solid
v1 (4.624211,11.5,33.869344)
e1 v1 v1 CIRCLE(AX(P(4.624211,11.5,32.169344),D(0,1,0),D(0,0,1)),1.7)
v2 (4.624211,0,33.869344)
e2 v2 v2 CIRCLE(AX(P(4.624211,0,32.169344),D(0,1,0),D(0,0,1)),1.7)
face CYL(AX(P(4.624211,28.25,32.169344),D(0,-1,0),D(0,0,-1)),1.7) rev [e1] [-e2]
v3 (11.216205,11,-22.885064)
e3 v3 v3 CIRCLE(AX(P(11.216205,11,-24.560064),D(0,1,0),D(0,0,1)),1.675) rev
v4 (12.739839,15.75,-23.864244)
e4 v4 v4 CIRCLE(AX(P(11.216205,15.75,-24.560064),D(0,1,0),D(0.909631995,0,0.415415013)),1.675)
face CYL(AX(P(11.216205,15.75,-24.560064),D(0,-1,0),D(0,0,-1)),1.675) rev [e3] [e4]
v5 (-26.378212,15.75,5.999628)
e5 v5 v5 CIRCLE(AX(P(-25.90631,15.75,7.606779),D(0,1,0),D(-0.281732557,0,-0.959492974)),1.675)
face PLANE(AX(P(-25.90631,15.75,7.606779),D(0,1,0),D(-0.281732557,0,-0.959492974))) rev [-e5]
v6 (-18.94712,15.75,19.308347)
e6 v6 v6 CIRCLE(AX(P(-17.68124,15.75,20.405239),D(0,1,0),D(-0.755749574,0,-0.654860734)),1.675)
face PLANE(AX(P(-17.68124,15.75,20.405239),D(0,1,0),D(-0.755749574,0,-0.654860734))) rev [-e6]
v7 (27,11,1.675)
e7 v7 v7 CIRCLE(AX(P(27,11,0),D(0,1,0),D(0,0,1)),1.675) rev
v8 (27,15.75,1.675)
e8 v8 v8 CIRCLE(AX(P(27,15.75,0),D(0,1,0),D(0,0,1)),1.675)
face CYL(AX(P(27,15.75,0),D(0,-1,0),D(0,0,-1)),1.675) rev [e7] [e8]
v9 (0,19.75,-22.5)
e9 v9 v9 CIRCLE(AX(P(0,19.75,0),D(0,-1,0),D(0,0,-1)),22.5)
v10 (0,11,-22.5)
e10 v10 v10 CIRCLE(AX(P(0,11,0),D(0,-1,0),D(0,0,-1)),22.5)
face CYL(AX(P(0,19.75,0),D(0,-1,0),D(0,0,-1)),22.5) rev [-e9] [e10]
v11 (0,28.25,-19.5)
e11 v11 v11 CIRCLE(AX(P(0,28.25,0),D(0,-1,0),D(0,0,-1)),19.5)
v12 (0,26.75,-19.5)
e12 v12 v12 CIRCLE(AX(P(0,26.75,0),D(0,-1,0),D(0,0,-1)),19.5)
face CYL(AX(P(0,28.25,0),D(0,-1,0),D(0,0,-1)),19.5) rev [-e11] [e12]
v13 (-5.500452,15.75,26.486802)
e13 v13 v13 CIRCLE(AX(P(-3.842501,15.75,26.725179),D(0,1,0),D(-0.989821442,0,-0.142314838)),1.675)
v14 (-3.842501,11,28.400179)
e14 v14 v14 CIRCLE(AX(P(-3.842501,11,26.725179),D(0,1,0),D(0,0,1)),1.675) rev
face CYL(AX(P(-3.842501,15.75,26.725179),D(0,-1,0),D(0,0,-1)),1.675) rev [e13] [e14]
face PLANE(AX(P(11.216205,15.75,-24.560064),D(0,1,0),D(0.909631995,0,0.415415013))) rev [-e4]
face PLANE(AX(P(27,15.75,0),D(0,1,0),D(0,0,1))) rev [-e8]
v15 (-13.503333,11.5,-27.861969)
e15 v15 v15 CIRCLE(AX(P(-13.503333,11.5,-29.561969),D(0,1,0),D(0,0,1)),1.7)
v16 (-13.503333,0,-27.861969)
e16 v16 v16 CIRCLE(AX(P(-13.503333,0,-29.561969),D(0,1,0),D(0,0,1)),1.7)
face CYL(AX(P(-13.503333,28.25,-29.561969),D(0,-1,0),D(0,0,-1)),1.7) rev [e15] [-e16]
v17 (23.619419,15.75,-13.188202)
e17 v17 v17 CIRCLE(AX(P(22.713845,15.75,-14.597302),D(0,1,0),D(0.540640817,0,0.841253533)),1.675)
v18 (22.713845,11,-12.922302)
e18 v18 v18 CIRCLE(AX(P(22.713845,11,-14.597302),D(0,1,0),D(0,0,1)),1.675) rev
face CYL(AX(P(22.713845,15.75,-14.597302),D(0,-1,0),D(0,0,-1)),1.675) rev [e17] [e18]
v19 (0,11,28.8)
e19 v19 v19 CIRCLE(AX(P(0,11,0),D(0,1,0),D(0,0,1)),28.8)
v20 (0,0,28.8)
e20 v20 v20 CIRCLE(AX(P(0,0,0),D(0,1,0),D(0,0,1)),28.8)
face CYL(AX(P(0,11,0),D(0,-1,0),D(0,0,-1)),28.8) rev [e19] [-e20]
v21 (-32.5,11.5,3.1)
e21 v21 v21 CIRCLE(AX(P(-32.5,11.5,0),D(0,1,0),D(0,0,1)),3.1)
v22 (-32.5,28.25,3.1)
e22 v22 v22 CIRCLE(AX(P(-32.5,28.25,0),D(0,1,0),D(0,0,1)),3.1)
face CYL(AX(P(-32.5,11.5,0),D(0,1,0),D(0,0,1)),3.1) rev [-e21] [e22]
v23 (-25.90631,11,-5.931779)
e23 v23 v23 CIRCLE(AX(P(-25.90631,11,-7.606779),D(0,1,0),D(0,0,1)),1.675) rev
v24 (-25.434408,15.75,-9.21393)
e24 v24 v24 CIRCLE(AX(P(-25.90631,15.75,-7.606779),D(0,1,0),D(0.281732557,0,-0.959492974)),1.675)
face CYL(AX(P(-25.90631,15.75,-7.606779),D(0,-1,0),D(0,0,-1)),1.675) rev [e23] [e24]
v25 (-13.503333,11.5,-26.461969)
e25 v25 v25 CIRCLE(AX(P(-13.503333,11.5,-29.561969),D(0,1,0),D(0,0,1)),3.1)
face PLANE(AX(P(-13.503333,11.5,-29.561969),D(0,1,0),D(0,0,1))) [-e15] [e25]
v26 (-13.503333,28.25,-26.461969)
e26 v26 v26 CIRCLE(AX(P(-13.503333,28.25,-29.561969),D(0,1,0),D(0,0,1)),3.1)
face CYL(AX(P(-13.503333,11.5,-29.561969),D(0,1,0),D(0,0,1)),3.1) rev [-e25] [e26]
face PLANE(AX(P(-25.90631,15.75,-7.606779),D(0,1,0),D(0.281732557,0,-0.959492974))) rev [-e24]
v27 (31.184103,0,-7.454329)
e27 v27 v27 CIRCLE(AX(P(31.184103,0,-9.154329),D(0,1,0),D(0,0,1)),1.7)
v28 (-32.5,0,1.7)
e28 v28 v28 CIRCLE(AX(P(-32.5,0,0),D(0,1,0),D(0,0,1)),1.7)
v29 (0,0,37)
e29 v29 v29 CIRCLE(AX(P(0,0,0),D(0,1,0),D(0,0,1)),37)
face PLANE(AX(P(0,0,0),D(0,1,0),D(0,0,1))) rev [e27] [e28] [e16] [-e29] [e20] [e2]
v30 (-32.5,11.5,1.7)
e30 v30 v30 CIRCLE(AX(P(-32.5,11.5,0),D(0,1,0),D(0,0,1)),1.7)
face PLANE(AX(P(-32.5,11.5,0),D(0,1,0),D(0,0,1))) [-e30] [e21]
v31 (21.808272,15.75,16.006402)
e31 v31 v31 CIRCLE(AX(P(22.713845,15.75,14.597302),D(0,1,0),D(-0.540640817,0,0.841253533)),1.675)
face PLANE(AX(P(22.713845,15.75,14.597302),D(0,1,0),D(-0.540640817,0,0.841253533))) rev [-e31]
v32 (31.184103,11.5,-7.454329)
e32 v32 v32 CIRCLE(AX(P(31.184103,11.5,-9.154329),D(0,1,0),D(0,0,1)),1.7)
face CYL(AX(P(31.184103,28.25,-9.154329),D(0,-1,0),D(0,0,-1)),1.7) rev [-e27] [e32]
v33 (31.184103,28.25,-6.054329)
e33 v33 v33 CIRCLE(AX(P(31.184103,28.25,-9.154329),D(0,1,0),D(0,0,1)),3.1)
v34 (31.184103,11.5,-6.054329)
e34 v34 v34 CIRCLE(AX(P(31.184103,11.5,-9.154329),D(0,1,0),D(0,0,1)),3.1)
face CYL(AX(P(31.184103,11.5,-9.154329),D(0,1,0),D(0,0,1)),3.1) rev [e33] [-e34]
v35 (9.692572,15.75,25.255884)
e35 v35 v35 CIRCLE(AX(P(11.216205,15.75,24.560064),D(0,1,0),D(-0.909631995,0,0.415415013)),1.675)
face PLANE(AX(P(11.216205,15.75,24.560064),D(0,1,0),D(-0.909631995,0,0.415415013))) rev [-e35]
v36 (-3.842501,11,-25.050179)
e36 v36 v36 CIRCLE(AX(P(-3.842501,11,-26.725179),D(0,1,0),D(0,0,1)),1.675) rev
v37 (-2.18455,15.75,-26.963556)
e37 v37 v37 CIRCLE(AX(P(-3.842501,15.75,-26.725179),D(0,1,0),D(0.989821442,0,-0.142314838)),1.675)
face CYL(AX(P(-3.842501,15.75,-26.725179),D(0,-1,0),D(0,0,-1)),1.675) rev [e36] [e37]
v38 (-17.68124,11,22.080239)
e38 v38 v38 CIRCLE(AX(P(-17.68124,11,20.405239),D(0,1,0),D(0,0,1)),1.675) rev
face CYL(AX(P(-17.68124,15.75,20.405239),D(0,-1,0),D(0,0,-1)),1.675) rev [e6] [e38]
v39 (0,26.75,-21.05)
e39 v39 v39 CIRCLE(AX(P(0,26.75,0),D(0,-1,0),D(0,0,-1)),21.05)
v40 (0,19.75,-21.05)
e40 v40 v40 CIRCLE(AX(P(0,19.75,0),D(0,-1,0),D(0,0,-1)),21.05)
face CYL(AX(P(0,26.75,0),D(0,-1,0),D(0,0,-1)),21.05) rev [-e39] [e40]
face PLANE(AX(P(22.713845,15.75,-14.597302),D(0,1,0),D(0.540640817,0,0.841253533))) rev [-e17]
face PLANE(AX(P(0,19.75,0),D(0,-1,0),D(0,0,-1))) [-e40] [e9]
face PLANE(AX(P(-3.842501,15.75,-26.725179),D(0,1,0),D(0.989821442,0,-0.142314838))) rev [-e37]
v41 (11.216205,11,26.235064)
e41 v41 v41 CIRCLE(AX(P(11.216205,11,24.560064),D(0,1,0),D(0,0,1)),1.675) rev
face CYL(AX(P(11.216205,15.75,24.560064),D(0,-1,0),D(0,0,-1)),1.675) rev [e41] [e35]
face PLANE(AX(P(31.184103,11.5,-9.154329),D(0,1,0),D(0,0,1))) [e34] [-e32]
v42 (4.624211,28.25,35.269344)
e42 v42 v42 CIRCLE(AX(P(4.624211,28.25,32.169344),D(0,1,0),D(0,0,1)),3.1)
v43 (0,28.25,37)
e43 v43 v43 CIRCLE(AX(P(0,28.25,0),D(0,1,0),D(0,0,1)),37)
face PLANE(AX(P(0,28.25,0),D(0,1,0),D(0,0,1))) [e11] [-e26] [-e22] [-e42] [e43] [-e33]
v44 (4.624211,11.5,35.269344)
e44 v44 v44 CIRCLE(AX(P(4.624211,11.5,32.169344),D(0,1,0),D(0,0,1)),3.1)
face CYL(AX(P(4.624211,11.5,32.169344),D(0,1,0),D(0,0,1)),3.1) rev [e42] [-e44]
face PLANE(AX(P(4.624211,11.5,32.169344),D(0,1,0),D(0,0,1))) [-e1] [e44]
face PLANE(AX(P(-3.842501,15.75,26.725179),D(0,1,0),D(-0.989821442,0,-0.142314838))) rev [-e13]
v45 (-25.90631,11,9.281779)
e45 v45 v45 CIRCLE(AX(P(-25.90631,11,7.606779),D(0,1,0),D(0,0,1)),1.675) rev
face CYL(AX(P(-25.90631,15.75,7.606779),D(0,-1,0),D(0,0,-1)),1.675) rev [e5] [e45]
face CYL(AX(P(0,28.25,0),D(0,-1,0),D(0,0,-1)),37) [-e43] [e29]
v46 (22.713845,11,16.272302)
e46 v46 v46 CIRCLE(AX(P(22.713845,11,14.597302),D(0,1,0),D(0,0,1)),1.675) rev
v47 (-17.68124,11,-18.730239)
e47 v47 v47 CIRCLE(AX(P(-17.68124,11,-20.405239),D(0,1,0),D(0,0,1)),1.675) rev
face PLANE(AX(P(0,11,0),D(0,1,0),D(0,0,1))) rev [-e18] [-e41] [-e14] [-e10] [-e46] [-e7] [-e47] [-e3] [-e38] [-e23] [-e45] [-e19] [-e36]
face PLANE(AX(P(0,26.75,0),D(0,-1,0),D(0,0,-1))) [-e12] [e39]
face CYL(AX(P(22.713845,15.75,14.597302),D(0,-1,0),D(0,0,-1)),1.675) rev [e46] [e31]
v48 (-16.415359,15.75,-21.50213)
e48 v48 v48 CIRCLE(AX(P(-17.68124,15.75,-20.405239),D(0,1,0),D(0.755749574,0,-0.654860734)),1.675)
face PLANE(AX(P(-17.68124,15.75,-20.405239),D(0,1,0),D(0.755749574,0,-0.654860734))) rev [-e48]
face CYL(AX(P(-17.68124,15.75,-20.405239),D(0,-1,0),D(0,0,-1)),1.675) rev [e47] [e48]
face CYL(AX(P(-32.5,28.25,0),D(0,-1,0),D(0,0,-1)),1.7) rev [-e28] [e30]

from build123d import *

# Parameters (mm, degrees)
SKETCH1_R           = 37
BOSS_EXTRUDE1_DEPTH = 28.25
SKETCH2_R           = 28.8
CUT_EXTRUDE1_DEPTH  = 11
SKETCH3_R           = 22.5
CUT_EXTRUDE2_DEPTH  = 8.75
SKETCH4_R           = 21.05
CUT_EXTRUDE3_DEPTH  = 7
SKETCH5_R           = 19.5
CUT_EXTRUDE4_DEPTH  = 59.767018812
SKETCH6_R           = 1.675
CUT_EXTRUDE5_DEPTH  = 15.75
CIRPATTERN1_COUNT   = 11
SKETCH7_R           = 1.7
CUT_EXTRUDE6_DEPTH  = 60.464800513
SKETCH8_R           = 3.1
CUT_EXTRUDE7_DEPTH  = 16.75


with BuildPart() as part:
    # Sketch1 → Boss-Extrude1 (new body)
    with BuildSketch(Plane(origin=(0, 0, 0), x_dir=(1, 0, 0), z_dir=(0, 1, 0))):
        with Locations(Location((0, 0, 0), (0, 0, 270))):
            Circle(SKETCH1_R)
    extrude(amount=BOSS_EXTRUDE1_DEPTH)

    # Sketch2 → Cut-Extrude1 (cut)
    with BuildSketch(Plane(origin=(0, 0, 0), x_dir=(1, 0, 0), z_dir=(0, 1, 0))):
        with Locations(Location((0, 0, 0), (0, 0, 270))):
            Circle(SKETCH2_R)
    extrude(amount=CUT_EXTRUDE1_DEPTH, mode=Mode.SUBTRACT)

    # Sketch3 → Cut-Extrude2 (cut)
    with BuildSketch(Plane.XZ.offset(-11)):
        with Locations(Location((0, 0, 0), (0, 0, 270))):
            Circle(SKETCH3_R)
    extrude(amount=-CUT_EXTRUDE2_DEPTH, mode=Mode.SUBTRACT)

    # Sketch4 → Cut-Extrude3 (cut)
    with BuildSketch(Plane.XZ.offset(-19.75)):
        with Locations(Location((0, 0, 0), (0, 0, 270))):
            Circle(SKETCH4_R)
    extrude(amount=-CUT_EXTRUDE3_DEPTH, mode=Mode.SUBTRACT)

    # Sketch5 → Cut-Extrude4 (cut, through all)
    with BuildSketch(Plane.XZ.offset(-26.75)):
        with Locations(Location((0, 0, 0), (0, 0, 270))):
            Circle(SKETCH5_R)
    extrude(amount=-CUT_EXTRUDE4_DEPTH, mode=Mode.SUBTRACT)

    # Sketch6 → Cut-Extrude5 (cut)
    with BuildSketch(Plane(origin=(0, 0, 0), x_dir=(1, 0, 0), z_dir=(0, 1, 0))):
        with Locations(Location((27, 0, 0), (0, 0, 270))):
            Circle(SKETCH6_R)
    cut_extrude5 = extrude(amount=CUT_EXTRUDE5_DEPTH, mode=Mode.SUBTRACT)

    # CirPattern1: Cut-Extrude5 ×11 about axis
    cirpattern1_axis = Axis((0, 0, 0), (0, 1, 0))
    for i in range(1, CIRPATTERN1_COUNT):
        add(cut_extrude5.rotate(cirpattern1_axis, i * 360 / CIRPATTERN1_COUNT), mode=Mode.SUBTRACT)

    # Sketch7 → Cut-Extrude6 (cut, through all)
    with BuildSketch(Plane(origin=(0, 0, 0), x_dir=(1, 0, 0), z_dir=(0, 1, 0))):
        with Locations(Location((31.184102699, 9.154328969, 0), (0, 0, 270))):
            Circle(SKETCH7_R)
        with Locations(Location((-13.503333209, 29.56196868, 0), (0, 0, 270))):
            Circle(SKETCH7_R)
        with Locations(Location((-32.5, 0, 0), (0, 0, 270))):
            Circle(SKETCH7_R)
        with Locations(Location((4.624211408, -32.169343619, 0), (0, 0, 270))):
            Circle(SKETCH7_R)
    extrude(amount=CUT_EXTRUDE6_DEPTH, mode=Mode.SUBTRACT)

    # Sketch8 → Cut-Extrude7 (cut)
    with BuildSketch(Plane(origin=(0, 28.25, 0), x_dir=(1, 0, 0), z_dir=(0, 1, 0))):
        with Locations(Location((31.184102699, 9.154328969, 0), (0, 0, 270))):
            Circle(SKETCH8_R)
        with Locations(Location((-13.503333209, 29.56196868, 0), (0, 0, 270))):
            Circle(SKETCH8_R)
        with Locations(Location((-32.5, 0, 0), (0, 0, 270))):
            Circle(SKETCH8_R)
        with Locations(Location((4.624211408, -32.169343619, 0), (0, 0, 270))):
            Circle(SKETCH8_R)
    extrude(amount=-CUT_EXTRUDE7_DEPTH, mode=Mode.SUBTRACT)


solid = part.part
